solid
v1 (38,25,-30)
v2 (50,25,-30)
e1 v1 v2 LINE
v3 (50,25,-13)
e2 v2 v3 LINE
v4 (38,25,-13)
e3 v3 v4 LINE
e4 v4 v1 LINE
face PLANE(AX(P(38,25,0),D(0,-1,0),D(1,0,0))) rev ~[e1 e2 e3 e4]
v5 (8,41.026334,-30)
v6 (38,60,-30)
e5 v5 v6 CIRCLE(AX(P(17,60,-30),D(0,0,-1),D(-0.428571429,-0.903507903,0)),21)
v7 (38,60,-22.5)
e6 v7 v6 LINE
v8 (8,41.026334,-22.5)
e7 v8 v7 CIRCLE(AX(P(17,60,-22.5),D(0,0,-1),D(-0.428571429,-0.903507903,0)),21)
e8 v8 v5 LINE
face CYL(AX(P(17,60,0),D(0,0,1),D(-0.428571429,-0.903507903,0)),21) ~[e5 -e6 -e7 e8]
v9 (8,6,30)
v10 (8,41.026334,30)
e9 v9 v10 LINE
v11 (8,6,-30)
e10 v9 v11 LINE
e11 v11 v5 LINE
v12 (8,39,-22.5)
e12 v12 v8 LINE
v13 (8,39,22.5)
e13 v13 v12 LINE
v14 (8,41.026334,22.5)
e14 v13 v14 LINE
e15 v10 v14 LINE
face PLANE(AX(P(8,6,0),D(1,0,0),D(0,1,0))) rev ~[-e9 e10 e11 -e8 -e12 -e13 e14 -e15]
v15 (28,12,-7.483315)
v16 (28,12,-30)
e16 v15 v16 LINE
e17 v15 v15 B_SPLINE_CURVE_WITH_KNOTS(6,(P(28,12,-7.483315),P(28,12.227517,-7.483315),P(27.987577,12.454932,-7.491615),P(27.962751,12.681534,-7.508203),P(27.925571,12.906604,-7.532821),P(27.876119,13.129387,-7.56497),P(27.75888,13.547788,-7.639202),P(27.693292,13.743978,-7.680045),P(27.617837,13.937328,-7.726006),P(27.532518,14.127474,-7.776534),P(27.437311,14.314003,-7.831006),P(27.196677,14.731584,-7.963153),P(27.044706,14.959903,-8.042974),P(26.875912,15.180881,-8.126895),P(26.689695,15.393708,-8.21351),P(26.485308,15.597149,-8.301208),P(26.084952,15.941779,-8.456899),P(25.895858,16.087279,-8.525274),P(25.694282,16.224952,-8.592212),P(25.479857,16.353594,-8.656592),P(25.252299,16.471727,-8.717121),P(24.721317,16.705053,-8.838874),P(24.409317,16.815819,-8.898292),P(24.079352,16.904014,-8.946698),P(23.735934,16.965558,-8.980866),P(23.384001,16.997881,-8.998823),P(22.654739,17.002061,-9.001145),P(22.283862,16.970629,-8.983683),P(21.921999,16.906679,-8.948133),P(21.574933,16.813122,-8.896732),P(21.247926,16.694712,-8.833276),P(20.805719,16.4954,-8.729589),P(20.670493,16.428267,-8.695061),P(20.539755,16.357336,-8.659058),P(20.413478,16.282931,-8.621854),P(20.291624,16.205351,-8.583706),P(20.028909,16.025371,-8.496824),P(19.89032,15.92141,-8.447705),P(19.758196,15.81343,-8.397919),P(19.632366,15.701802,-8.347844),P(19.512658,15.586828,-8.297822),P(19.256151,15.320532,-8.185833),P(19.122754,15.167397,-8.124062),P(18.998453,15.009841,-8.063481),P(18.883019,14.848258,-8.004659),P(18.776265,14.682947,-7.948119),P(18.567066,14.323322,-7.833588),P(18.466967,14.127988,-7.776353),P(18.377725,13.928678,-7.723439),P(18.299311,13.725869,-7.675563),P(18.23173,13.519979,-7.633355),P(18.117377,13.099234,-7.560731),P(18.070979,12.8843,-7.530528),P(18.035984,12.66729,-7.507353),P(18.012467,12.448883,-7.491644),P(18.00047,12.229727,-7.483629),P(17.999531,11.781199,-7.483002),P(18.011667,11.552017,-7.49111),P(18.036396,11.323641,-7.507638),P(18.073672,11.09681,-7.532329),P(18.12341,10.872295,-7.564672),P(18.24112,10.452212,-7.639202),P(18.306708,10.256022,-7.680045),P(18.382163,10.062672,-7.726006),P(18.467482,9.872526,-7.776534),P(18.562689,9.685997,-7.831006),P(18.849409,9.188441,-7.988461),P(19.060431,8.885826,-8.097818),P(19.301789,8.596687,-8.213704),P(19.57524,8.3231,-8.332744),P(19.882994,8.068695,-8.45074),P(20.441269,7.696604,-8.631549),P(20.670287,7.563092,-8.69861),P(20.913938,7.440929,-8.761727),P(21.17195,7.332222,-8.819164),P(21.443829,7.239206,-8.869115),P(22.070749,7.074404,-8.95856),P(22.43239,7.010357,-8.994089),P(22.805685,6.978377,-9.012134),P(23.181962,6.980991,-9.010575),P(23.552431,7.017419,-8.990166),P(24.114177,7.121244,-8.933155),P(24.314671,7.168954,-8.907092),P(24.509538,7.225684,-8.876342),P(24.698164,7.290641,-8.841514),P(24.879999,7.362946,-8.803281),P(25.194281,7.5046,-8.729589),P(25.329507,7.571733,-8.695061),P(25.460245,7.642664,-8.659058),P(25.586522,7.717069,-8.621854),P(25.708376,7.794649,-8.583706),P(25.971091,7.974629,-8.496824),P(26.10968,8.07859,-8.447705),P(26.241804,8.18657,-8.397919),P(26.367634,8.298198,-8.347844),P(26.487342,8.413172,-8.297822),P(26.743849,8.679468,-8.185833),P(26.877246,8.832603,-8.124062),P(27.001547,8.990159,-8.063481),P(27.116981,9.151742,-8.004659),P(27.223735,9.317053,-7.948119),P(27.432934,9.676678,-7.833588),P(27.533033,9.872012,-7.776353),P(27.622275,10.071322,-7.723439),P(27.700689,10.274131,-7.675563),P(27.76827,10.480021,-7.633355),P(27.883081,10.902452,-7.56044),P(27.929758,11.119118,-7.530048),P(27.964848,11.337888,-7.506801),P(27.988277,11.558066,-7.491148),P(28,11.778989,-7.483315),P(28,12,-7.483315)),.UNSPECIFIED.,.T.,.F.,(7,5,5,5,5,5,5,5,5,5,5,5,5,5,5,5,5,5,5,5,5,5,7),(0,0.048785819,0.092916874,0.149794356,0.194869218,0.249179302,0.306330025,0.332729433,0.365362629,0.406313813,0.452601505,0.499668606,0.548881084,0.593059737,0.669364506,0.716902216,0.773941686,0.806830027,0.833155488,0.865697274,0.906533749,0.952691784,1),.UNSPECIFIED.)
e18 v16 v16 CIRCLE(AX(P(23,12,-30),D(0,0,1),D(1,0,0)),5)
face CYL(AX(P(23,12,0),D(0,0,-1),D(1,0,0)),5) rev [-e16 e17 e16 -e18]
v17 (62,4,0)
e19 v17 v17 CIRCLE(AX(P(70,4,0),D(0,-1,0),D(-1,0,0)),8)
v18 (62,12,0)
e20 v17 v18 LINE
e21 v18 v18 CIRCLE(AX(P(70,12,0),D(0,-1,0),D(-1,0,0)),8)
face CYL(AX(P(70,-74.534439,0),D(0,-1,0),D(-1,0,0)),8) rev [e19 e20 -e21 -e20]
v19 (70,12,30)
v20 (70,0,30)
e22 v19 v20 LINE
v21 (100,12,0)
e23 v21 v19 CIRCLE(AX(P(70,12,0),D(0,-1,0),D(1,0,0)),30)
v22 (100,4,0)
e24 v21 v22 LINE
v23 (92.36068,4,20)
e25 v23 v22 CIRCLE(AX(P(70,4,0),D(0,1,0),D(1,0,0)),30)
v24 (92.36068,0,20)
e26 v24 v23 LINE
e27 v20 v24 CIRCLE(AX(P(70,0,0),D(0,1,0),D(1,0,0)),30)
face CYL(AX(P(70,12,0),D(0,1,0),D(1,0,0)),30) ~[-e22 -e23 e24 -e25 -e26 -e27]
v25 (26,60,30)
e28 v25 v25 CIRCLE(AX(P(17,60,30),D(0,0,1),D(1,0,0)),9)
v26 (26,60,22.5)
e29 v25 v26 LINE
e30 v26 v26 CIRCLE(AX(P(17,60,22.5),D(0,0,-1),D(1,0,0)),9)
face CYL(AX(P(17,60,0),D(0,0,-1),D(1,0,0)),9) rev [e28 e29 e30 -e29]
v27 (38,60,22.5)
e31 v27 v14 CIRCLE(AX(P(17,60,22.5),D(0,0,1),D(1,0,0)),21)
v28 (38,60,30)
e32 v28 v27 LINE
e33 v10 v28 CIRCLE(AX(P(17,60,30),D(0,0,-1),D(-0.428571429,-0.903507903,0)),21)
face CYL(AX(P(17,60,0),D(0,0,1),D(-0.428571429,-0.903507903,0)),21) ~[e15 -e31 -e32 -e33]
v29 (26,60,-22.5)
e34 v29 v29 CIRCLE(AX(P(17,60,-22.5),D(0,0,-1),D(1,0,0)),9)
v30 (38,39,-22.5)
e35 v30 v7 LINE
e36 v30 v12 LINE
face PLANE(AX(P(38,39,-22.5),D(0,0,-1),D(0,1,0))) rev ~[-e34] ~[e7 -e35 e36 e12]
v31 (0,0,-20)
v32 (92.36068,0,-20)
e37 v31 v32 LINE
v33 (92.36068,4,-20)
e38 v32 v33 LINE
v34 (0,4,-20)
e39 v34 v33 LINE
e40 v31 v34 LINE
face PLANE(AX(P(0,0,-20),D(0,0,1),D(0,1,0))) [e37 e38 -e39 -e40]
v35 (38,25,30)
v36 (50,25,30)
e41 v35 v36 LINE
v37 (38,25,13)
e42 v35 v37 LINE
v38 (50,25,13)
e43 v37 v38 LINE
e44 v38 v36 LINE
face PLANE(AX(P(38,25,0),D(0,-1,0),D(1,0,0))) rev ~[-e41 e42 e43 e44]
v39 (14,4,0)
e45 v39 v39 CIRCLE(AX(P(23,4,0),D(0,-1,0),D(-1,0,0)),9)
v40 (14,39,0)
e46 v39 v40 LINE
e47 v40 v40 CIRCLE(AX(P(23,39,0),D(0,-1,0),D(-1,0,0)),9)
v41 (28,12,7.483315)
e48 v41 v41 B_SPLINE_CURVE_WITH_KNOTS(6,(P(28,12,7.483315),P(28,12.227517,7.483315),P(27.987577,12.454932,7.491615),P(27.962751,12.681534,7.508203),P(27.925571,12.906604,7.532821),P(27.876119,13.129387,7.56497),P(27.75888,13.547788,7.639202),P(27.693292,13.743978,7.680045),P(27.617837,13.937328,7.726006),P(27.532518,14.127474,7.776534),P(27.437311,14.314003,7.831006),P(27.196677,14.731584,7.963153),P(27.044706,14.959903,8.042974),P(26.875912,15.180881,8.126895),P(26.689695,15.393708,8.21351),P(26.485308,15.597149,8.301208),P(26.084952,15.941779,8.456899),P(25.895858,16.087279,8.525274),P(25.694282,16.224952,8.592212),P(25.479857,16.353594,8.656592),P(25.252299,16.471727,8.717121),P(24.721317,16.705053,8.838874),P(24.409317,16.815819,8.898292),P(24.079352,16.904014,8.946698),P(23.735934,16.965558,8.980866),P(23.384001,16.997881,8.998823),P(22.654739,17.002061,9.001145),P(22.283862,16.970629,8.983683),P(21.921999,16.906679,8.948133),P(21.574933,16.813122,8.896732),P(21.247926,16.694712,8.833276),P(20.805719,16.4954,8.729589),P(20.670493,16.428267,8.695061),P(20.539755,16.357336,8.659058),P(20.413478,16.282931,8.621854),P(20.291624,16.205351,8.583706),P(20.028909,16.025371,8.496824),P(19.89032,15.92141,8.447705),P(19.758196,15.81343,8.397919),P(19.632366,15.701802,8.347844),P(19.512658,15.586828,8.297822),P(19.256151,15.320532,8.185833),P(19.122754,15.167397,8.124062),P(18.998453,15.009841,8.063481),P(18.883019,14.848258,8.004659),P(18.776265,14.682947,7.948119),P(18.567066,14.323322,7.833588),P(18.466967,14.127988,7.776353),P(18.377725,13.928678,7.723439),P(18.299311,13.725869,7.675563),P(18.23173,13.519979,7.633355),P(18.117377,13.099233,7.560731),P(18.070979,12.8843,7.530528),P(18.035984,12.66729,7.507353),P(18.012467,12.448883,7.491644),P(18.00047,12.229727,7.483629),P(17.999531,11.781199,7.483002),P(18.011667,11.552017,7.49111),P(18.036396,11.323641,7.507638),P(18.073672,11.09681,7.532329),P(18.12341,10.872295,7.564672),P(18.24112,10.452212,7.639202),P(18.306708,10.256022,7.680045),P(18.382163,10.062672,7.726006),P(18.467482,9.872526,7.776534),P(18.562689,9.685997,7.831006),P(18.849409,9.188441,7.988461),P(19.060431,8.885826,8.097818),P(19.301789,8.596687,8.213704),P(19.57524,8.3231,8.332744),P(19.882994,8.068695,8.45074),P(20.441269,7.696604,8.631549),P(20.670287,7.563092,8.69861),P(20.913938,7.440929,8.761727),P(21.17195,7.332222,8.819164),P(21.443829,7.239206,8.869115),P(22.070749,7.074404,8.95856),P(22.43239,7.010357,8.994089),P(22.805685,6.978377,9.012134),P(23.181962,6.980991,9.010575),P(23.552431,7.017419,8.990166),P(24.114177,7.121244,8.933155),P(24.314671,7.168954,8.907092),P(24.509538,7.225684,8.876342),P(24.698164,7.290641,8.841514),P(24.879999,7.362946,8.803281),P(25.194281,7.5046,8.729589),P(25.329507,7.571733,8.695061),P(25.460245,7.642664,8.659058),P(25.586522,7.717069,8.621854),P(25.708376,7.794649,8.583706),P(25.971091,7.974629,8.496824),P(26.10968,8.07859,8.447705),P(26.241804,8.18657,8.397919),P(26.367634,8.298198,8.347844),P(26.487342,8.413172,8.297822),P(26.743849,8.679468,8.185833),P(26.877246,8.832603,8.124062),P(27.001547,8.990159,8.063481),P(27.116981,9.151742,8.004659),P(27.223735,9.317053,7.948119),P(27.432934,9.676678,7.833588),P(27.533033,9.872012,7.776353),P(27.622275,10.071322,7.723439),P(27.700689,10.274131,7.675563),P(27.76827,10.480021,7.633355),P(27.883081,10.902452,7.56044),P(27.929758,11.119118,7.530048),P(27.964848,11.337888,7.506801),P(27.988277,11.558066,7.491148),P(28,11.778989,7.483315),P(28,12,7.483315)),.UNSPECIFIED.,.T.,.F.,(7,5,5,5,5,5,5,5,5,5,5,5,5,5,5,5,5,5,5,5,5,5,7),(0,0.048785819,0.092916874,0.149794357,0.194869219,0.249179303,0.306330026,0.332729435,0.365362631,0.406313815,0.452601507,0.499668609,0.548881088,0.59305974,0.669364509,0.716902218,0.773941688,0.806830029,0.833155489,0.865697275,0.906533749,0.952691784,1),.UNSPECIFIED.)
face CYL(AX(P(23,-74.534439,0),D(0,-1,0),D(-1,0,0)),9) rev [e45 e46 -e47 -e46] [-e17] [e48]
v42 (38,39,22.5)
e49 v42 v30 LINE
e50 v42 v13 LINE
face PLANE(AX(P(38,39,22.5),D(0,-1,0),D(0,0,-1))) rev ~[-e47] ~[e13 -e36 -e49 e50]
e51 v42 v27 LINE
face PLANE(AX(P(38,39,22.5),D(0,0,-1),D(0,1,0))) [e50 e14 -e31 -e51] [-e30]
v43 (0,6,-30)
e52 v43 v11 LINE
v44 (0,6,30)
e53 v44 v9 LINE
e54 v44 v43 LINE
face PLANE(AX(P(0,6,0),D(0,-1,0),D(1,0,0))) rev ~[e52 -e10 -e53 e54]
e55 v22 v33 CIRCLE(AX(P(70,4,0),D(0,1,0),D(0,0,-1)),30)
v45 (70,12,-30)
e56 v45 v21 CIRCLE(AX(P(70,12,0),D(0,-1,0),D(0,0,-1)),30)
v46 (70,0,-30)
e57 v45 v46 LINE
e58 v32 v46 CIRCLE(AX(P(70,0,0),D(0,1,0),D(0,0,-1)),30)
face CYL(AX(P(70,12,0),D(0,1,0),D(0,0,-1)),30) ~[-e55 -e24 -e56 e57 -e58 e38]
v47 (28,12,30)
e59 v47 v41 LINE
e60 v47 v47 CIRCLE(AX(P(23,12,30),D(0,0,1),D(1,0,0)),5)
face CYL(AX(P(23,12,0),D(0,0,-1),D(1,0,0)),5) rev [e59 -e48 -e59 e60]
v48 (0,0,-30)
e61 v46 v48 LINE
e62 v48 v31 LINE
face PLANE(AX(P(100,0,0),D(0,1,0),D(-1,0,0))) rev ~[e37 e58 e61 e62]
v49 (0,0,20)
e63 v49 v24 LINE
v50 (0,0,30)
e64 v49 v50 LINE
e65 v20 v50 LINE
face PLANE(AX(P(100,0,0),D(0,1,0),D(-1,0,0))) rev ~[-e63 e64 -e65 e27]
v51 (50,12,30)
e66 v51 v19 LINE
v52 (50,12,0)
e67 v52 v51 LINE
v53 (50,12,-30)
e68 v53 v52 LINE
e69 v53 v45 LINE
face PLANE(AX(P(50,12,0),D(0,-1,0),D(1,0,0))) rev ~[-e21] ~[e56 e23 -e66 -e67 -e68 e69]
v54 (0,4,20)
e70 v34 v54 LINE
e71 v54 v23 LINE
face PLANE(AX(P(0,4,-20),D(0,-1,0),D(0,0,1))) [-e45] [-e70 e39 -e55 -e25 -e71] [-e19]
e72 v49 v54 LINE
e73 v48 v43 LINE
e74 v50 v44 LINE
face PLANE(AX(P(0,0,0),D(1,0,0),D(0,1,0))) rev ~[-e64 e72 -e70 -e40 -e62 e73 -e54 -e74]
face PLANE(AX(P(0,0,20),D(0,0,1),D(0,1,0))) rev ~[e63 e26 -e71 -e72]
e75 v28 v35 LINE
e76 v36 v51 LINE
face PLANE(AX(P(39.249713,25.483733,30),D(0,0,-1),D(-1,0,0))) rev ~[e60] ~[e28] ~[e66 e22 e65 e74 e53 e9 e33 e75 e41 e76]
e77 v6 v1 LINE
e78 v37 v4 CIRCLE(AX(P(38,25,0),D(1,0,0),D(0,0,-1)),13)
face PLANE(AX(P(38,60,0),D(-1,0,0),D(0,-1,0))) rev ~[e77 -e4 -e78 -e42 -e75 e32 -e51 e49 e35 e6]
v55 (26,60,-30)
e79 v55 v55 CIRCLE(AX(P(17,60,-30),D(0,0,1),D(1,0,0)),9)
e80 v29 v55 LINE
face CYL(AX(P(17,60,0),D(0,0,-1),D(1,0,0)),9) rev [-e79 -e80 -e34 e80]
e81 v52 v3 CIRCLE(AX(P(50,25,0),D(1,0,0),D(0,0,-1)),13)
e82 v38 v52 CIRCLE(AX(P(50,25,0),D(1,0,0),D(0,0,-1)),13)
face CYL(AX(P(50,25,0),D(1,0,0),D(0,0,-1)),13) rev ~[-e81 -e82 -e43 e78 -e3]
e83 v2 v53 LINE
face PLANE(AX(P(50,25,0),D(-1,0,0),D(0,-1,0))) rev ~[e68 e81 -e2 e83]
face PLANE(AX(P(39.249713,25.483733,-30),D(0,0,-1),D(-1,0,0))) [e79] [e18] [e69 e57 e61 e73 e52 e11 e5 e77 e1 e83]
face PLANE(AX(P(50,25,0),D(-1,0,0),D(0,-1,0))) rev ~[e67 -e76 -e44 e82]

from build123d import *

# Parameters (mm, degrees)
SKETCH1_R               = 9
SKETCH1_R_2             = 5
BOSS_EXTRUDE1_DEPTH     = 30
SKETCH2_W               = 45
SKETCH2_H               = 42
CUT_EXTRUDE2_DEPTH      = 107.324973548
CUT_EXTRUDE3_DEPTH      = 60
CUT_EXTRUDE4_DEPTH      = 113.534439173
CUT_EXTRUDE4_DEPTH_BACK = 113.534439173
SKETCH4_R               = 9
SKETCH4_R_2             = 8
SKETCH5_R               = 13
CUT_EXTRUDE5_DEPTH      = 12
SKETCH6_W               = 40
SKETCH6_H               = 4
CUT_EXTRUDE6_DEPTH      = 133.140077214


with BuildPart() as part:
    # Sketch1 → Boss-Extrude1 (new, symmetric)
    with BuildSketch(Plane.XY):
        with BuildLine():
            Line((0, 0), (0, 6))
            Line((0, 6), (8, 6))
            Line((8, 6), (8, 41.026334039))
            ThreePointArc((8, 41.026334039), (5.77502784, 77.748239349), (38, 60))
            Line((38, 60), (38, 25))
            Line((38, 25), (50, 25))
            Line((50, 25), (50, 12))
            Line((50, 12), (100, 12))
            Line((100, 12), (100, 0))
            Line((100, 0), (0, 0))
        make_face()
        with Locations((17, 60)):
            Circle(SKETCH1_R, mode=Mode.SUBTRACT)
        with Locations((23, 12)):
            Circle(SKETCH1_R_2, mode=Mode.SUBTRACT)
    extrude(amount=BOSS_EXTRUDE1_DEPTH, both=True)

    # Sketch2 → Cut-Extrude2 (cut, through all)
    with BuildSketch(Plane(origin=(38, 0, 0), x_dir=(0, 0, -1), z_dir=(1, 0, 0))):
        with Locations((0, 60)):
            Rectangle(SKETCH2_W, SKETCH2_H)
    extrude(amount=-CUT_EXTRUDE2_DEPTH, mode=Mode.SUBTRACT)

    # Sketch3 → Cut-Extrude3 (cut)
    with BuildSketch(Plane(origin=(0, 12, 0), x_dir=(1, 0, 0), z_dir=(0, 1, 0))):
        with BuildLine():
            ThreePointArc((70, 30), (91.213203436, 21.213203436), (100, 0))
            Line((100, 0), (100, 30))
            Line((100, 30), (70, 30))
        make_face()
        with BuildLine():
            Line((100, -30), (100, 0))
            ThreePointArc((100, 0), (91.213203436, -21.213203436), (70, -30))
            Line((70, -30), (100, -30))
        make_face()
    extrude(amount=-CUT_EXTRUDE3_DEPTH, mode=Mode.SUBTRACT)

    # Sketch4 → Cut-Extrude4 (cut, two sides: drawn at the far end of the back side and taken through both)
    with BuildSketch(Plane(origin=(0, 39, 0), x_dir=(1, 0, 0), z_dir=(0, 1, 0)).offset(-CUT_EXTRUDE4_DEPTH_BACK)):
        with Locations(Location((23, 0, 0), (0, 0, 180))):
            Circle(SKETCH4_R)
        with Locations(Location((70, 0, 0), (0, 0, 180))):
            Circle(SKETCH4_R_2)
    extrude(amount=CUT_EXTRUDE4_DEPTH + CUT_EXTRUDE4_DEPTH_BACK, mode=Mode.SUBTRACT)

    # Sketch5 → Cut-Extrude5 (cut)
    with BuildSketch(Plane(origin=(50, 0, 0), x_dir=(0, 0, -1), z_dir=(1, 0, 0))):
        with Locations((0, 25)):
            Circle(SKETCH5_R)
    extrude(amount=-CUT_EXTRUDE5_DEPTH, mode=Mode.SUBTRACT)

    # Sketch6 → Cut-Extrude6 (cut, through all)
    with BuildSketch(Plane.ZY):
        with Locations((0, 2)):
            Rectangle(SKETCH6_W, SKETCH6_H)
    extrude(amount=-CUT_EXTRUDE6_DEPTH, mode=Mode.SUBTRACT)


solid = part.part
